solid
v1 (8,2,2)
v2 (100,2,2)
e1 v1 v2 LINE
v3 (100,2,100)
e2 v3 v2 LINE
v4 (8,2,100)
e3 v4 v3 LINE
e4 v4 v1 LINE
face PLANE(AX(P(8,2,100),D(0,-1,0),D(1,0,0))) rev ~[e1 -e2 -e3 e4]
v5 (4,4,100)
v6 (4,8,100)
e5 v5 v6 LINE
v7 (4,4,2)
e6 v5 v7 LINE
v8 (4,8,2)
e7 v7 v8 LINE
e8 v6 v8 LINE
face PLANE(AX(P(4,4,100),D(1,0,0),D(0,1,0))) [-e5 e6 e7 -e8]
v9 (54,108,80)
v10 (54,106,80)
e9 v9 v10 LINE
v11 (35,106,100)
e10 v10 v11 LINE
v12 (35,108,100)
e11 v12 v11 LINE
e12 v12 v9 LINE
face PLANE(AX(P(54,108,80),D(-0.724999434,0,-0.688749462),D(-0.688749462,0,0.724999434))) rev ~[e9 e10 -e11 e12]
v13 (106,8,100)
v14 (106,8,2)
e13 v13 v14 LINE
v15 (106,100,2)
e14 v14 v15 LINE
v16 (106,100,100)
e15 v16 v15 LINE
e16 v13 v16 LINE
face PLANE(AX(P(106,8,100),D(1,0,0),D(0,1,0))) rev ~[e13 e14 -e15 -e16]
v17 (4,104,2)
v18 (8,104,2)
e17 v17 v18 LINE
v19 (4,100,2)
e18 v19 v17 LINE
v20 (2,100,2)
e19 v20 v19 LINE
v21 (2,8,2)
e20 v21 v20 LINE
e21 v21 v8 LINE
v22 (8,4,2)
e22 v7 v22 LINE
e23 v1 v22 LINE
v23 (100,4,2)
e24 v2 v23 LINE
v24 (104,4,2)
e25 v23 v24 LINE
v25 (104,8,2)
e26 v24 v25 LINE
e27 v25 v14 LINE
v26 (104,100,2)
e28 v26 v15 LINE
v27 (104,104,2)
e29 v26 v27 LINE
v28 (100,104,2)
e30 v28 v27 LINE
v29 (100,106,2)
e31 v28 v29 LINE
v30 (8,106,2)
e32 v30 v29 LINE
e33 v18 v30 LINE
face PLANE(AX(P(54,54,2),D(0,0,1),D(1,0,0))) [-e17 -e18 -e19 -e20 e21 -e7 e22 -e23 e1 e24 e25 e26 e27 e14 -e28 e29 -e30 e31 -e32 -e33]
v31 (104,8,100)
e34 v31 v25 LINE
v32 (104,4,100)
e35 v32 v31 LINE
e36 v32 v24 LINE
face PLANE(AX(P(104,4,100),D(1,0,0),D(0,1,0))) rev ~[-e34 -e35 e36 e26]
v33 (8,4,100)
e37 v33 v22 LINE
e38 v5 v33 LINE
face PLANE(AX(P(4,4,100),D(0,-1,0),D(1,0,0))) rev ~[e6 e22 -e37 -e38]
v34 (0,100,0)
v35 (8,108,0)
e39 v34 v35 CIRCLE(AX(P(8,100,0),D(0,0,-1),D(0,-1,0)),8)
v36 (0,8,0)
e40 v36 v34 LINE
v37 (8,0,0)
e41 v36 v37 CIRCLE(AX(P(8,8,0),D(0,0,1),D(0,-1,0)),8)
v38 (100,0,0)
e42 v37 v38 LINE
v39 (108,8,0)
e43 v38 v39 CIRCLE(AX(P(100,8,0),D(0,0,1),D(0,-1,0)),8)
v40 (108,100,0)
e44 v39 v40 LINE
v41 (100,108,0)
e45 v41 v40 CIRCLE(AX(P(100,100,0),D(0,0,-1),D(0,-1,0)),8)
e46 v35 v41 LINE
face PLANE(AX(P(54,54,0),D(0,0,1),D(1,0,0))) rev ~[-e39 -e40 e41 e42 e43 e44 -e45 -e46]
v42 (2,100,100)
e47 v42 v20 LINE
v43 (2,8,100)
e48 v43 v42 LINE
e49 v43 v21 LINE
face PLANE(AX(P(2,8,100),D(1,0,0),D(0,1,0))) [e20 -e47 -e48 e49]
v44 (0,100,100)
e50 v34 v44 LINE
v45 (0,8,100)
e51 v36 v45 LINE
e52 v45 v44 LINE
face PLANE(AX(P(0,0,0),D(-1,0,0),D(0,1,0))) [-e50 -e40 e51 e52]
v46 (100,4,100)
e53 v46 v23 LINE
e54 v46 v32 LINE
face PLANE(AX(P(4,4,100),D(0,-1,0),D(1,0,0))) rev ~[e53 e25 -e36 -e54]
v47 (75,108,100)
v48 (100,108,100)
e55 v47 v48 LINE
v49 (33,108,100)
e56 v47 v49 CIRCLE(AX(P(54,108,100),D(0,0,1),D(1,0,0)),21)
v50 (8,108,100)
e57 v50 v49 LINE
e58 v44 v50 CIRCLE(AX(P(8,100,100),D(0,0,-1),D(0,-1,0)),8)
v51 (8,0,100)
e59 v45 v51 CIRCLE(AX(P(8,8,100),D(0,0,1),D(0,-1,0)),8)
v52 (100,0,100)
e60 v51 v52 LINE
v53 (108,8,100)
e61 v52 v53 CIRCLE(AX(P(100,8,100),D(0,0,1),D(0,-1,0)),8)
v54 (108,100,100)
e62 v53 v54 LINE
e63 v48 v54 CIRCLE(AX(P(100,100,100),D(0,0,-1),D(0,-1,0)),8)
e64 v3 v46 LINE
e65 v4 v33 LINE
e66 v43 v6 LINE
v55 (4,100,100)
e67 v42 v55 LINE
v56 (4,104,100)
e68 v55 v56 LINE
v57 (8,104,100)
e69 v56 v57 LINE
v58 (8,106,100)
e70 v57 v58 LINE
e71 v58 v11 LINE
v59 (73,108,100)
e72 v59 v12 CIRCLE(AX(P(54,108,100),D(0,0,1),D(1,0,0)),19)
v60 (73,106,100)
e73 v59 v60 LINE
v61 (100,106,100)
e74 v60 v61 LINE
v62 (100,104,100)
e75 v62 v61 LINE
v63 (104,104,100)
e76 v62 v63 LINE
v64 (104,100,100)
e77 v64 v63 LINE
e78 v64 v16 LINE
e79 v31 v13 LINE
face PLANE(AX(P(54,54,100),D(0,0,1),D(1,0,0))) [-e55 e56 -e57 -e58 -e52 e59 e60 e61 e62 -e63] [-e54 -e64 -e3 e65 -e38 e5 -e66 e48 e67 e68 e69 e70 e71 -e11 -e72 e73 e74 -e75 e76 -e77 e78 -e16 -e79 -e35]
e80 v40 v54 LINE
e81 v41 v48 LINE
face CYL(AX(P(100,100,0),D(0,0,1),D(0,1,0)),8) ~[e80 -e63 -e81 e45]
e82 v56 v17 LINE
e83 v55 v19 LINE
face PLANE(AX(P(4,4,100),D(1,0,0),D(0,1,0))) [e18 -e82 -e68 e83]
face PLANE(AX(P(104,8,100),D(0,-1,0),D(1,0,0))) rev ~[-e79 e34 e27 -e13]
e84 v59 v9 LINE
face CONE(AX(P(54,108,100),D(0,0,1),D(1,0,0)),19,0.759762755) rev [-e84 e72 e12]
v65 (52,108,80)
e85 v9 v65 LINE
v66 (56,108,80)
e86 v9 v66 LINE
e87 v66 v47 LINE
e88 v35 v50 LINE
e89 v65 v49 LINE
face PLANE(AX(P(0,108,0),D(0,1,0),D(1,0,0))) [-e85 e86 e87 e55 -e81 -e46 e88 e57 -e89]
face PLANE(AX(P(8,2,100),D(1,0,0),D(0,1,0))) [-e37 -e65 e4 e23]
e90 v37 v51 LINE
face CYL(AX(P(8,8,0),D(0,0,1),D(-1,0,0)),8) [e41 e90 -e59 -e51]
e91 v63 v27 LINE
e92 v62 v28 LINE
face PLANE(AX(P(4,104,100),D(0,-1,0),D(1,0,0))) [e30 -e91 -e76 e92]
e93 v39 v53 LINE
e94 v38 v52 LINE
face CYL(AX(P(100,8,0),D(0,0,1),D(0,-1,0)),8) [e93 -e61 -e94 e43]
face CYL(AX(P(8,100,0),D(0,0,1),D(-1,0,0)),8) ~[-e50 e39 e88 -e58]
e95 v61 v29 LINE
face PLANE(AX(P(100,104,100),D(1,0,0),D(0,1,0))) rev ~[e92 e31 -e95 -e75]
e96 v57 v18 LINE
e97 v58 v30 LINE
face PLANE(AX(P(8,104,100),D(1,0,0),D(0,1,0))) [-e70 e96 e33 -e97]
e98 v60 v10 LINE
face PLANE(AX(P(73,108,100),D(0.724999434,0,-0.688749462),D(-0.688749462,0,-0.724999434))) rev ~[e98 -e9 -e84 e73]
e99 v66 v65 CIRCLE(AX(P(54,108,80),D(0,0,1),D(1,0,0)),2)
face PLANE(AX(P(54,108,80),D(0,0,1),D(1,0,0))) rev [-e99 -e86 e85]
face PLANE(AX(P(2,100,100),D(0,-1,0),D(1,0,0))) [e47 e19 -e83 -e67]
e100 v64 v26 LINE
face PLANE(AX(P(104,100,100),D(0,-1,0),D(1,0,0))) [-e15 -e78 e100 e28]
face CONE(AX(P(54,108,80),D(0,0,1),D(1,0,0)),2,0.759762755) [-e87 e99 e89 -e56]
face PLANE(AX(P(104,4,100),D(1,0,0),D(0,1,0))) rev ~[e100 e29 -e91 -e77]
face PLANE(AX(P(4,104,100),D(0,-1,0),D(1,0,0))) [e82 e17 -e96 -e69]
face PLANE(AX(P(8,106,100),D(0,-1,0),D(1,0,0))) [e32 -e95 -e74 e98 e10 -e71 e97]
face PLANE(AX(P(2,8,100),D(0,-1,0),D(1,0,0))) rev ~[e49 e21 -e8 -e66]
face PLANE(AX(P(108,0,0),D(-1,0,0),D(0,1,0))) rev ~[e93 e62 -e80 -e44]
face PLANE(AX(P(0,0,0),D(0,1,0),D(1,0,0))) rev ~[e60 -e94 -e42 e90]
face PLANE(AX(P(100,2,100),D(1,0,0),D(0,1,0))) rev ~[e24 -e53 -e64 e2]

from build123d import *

# Parameters (mm, degrees)
SKETCH095_W         = 108
SKETCH095_H         = 108
PAD041_DEPTH        = 100
SKETCH096_W         = 100
SKETCH096_H         = 100
POCKET036_DEPTH     = 98
FILLET002_R         = 8
SKETCH097_W         = 2
SKETCH097_H         = 92
SKETCH097_W_2       = 92
SKETCH097_H_2       = 2
POCKET037_DEPTH     = 98
REVOLUTION012_ANGLE = 180
POCKET038_DEPTH     = 2


with BuildPart() as part:
    # Sketch095 → Pad041 (new body)
    with BuildSketch(Plane.XY):
        with Locations((54, 54)):
            Rectangle(SKETCH095_W, SKETCH095_H)
    extrude(amount=PAD041_DEPTH)

    # Sketch096 (on Face6 of Pad041) → Pocket036 (cut)
    with BuildSketch(Plane.XY.offset(100)):
        with Locations((54, 54)):
            Rectangle(SKETCH096_W, SKETCH096_H)
    extrude(amount=-POCKET036_DEPTH, mode=Mode.SUBTRACT)

    # Fillet002
    fillet002_edges = [part.edges().sort_by_distance(p)[0] for p in [
        (108, 0, 50),
        (0, 0, 50),
        (0, 108, 50),
        (108, 108, 50),
    ]]
    fillet(fillet002_edges, radius=FILLET002_R)

    # Sketch097 (on Face5 of Fillet002) → Pocket037 (cut)
    with BuildSketch(Plane.XY.offset(100)):
        with Locations((3, 54)):
            Rectangle(SKETCH097_W, SKETCH097_H)
        with Locations((54, 3)):
            Rectangle(SKETCH097_W_2, SKETCH097_H_2)
        with Locations((105, 54)):
            Rectangle(SKETCH097_W, SKETCH097_H)
        with Locations((54, 105)):
            Rectangle(SKETCH097_W_2, SKETCH097_H_2)
    extrude(amount=-POCKET037_DEPTH, mode=Mode.SUBTRACT)

    # Sketch105 (on Face10 of Pocket037) → Revolution012 (revolve)
    with BuildSketch(Plane(origin=(0, 108, 0), x_dir=(-1, 0, 0), z_dir=(0, 1, 0))):
        Polygon((-75, 100), (-73, 100), (-54, 80), (-56, 80), align=None)
    revolve(axis=Axis((54, 108, 80), (0, 0, 1)), revolution_arc=REVOLUTION012_ANGLE)

    # Sketch106 (on Face12 of Revolution012) → Pocket038 (cut)
    with BuildSketch(Plane(origin=(0, 108, 0), x_dir=(-1, 0, 0), z_dir=(0, 1, 0))):
        Polygon((-73, 100), (-54, 80), (-35, 100), align=None)
    extrude(amount=-POCKET038_DEPTH, mode=Mode.SUBTRACT)


solid = part.part
